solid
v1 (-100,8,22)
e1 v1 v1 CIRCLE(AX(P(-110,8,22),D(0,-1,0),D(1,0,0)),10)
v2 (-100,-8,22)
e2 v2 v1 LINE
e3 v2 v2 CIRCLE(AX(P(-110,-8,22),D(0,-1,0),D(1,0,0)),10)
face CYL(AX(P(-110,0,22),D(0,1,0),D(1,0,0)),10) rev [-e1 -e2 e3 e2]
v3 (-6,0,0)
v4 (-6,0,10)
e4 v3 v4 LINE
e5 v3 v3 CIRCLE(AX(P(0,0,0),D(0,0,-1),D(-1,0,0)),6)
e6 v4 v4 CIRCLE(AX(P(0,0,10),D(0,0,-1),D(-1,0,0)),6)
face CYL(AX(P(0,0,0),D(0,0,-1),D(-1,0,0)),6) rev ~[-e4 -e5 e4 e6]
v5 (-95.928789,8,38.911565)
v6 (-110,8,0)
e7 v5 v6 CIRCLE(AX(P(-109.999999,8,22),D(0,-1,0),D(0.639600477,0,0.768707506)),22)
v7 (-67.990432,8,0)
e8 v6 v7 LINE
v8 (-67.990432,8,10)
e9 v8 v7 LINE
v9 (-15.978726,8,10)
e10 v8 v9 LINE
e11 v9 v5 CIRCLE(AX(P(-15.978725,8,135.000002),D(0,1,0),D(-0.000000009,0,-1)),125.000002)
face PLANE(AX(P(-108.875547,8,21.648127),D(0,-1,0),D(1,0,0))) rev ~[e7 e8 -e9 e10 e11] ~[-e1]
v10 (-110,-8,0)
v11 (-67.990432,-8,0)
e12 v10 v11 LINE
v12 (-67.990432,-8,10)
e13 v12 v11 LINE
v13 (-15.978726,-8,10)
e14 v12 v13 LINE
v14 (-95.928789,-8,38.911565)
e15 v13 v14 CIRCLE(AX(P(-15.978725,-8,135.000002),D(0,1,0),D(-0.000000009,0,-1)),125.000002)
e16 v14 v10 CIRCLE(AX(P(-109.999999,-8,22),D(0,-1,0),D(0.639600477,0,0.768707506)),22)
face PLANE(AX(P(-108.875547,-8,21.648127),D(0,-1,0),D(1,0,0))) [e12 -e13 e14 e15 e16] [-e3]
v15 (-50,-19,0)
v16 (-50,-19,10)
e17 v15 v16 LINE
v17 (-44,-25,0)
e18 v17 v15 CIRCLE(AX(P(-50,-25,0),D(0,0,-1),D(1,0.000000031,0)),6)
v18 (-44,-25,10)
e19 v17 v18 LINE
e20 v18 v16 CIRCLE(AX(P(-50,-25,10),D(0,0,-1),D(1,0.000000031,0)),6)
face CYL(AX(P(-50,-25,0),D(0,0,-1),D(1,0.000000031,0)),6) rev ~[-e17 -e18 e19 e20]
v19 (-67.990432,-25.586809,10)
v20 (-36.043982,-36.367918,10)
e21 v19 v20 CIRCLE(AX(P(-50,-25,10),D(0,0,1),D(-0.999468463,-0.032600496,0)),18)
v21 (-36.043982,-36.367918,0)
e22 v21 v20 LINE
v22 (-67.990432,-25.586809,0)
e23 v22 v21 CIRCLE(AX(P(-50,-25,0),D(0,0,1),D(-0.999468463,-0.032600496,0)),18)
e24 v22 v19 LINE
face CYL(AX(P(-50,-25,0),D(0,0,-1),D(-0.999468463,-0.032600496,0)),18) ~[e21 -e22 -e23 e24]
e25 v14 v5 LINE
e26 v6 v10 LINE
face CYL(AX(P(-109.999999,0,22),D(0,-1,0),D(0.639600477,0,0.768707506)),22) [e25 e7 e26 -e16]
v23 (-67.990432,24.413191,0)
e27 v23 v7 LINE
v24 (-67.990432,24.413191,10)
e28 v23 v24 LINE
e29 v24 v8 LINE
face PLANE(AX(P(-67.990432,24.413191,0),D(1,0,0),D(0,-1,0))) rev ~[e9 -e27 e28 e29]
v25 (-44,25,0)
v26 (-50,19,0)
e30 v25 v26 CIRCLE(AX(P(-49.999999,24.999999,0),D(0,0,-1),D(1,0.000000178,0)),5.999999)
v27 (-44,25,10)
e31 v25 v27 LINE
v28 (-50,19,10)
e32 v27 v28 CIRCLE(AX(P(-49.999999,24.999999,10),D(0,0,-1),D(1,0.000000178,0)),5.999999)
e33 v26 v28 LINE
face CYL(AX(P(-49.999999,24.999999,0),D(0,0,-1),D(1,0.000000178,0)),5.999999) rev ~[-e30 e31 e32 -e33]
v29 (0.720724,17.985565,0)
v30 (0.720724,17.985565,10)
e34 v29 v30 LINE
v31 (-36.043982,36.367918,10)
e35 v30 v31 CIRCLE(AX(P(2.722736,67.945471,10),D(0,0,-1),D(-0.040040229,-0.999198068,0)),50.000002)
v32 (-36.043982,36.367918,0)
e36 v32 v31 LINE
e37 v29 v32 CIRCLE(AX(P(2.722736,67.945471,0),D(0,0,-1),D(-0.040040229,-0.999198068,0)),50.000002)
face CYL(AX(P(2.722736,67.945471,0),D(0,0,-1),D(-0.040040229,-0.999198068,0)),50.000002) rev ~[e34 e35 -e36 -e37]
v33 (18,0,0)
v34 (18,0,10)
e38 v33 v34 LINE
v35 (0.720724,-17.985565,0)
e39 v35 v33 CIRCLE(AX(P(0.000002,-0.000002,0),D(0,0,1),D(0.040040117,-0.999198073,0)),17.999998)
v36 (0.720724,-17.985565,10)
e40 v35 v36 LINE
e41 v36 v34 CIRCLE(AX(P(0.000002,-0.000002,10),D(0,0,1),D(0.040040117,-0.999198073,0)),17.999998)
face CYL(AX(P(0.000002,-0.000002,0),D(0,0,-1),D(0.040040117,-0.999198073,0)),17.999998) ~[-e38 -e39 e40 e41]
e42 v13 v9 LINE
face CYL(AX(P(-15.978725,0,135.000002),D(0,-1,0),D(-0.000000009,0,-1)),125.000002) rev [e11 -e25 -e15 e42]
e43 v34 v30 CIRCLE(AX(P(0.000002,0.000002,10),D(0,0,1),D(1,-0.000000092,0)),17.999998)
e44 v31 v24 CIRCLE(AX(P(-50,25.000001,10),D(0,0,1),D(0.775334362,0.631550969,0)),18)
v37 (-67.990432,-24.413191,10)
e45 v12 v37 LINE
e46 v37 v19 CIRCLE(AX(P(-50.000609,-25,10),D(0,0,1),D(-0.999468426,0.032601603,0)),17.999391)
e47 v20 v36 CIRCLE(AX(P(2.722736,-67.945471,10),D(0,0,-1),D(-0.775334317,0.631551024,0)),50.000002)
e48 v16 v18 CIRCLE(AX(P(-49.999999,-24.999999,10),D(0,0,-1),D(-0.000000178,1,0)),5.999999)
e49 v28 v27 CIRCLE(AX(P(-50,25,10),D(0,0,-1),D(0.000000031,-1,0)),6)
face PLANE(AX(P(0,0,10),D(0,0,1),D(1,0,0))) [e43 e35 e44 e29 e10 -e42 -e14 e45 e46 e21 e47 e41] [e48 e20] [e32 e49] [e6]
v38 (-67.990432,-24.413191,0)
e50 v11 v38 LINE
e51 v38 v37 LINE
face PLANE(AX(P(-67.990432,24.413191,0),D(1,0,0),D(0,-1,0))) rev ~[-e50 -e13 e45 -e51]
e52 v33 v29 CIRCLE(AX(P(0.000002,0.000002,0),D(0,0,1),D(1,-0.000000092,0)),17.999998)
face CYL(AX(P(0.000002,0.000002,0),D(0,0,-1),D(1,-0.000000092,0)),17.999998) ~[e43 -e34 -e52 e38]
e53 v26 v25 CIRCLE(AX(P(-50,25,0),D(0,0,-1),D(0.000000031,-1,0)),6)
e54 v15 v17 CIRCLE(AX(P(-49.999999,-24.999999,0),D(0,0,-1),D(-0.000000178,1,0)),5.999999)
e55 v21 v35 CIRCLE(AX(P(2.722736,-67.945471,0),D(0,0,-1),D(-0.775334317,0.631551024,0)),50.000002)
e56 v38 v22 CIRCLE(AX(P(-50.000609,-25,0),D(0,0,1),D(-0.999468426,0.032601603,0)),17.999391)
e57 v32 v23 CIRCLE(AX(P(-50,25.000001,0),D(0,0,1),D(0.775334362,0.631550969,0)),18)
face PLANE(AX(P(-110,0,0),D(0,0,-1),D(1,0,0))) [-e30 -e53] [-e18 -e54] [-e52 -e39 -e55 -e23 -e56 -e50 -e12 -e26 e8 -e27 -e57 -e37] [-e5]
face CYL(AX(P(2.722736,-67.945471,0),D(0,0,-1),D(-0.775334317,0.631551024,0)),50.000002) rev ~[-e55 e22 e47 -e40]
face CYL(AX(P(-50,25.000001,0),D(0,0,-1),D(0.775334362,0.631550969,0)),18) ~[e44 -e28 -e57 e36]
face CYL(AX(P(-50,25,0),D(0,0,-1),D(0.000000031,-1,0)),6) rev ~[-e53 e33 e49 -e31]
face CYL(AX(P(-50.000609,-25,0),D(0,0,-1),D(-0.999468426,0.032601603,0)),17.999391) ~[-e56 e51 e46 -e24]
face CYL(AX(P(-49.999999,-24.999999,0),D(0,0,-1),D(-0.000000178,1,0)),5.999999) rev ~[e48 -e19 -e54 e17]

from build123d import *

# Parameters (mm, degrees)
F1_DEPTH = 10
F2_R     = 10
F3_DEPTH = 8


with BuildPart() as f1:
    # F0 (on Top) → F1 (new body)
    with BuildSketch(Plane.XY):
        with BuildLine():
            ThreePointArc((6, 0), (0, 6), (-6, 0))
            ThreePointArc((-6, 0), (0, -6), (6, 0))
        make_face()
        with BuildLine():
            ThreePointArc((0.720724, -17.985565), (12.980236, -12.470505), (18, 0))
            ThreePointArc((18, 0), (12.980236, 12.470505), (0.720724, 17.985565))
            ThreePointArc((0.720724, 17.985565), (-12.470505, 12.980236), (-18, 0))
            ThreePointArc((-18, 0), (-12.470505, -12.980236), (0.720724, -17.985565))
        make_face()
        with BuildLine():
            ThreePointArc((6, 0), (0, -6), (-6, 0))
            ThreePointArc((-6, 0), (0, 6), (6, 0))
        make_face(mode=Mode.SUBTRACT)
        with BuildLine():
            ThreePointArc((-18, 0), (-12.470505, 12.980236), (0.720724, 17.985565))
            ThreePointArc((0.720724, 17.985565), (-19.637945, 23.224109), (-36.043982, 36.367918))
            ThreePointArc((-36.043982, 36.367918), (-33.041104, 31.032896), (-32, 25))
            ThreePointArc((-32, 25), (-37.272078, 12.272078), (-50, 7))
            Line((-50, 7), (-50, 0))
            Line((-50, 0), (-18, 0))
        make_face()
        with BuildLine():
            ThreePointArc((-36.043982, -36.367918), (-19.637945, -23.224109), (0.720724, -17.985565))
            ThreePointArc((0.720724, -17.985565), (-12.470505, -12.980236), (-18, 0))
            Line((-18, 0), (-50, 0))
            Line((-50, 0), (-50, -7))
            ThreePointArc((-50, -7), (-37.272078, -12.272078), (-32, -25))
            ThreePointArc((-32, -25), (-33.041104, -31.032896), (-36.043982, -36.367918))
        make_face()
        with BuildLine():
            ThreePointArc((-44, 25), (-54.242641, 29.242641), (-50, 19))
            ThreePointArc((-50, 19), (-45.757359, 20.757359), (-44, 25))
        make_face()
        with BuildLine():
            ThreePointArc((-32, 25), (-33.041104, 31.032896), (-36.043982, 36.367918))
            ThreePointArc((-36.043982, 36.367918), (-56.308566, 41.858292), (-67.990432, 24.413191))
            ThreePointArc((-67.990432, 24.413191), (-62.518735, 12.066273), (-50, 7))
            ThreePointArc((-50, 7), (-37.272078, 12.272078), (-32, 25))
        make_face()
        with BuildLine():
            ThreePointArc((-44, 25), (-45.757359, 20.757359), (-50, 19))
            ThreePointArc((-50, 19), (-54.242641, 29.242641), (-44, 25))
        make_face(mode=Mode.SUBTRACT)
        with BuildLine():
            ThreePointArc((-44, -25), (-45.757359, -20.757359), (-50, -19))
            ThreePointArc((-50, -19), (-54.242641, -29.242641), (-44, -25))
        make_face()
        with BuildLine():
            ThreePointArc((-67.990432, -25.586809), (-55.755624, -42.054993), (-36.043982, -36.367918))
            ThreePointArc((-36.043982, -36.367918), (-33.041104, -31.032896), (-32, -25))
            ThreePointArc((-32, -25), (-37.272078, -12.272078), (-50, -7))
            ThreePointArc((-50, -7), (-62.518735, -12.066273), (-67.990432, -24.413191))
            Line((-67.990432, -24.413191), (-67.990432, -25.586809))
        make_face()
        with BuildLine():
            ThreePointArc((-44, -25), (-54.242641, -29.242641), (-50, -19))
            ThreePointArc((-50, -19), (-45.757359, -20.757359), (-44, -25))
        make_face(mode=Mode.SUBTRACT)
        with BuildLine():
            Line((-50, -7), (-50, 0))
            Line((-50, 0), (-50, 7))
            ThreePointArc((-50, 7), (-62.518735, 12.066273), (-67.990432, 24.413191))
            Line((-67.990432, 24.413191), (-67.990432, -24.413191))
            ThreePointArc((-67.990432, -24.413191), (-62.518735, -12.066273), (-50, -7))
        make_face()
        with BuildLine():
            ThreePointArc((-67.990432, -24.413191), (-68, -25), (-67.990432, -25.586809))
            Line((-67.990432, -25.586809), (-67.990432, -24.413191))
        make_face()
    extrude(amount=F1_DEPTH)

    # F2 (on Front) → F3 (join, symmetric)
    with BuildSketch(Plane.XZ):
        with BuildLine():
            ThreePointArc((-110, 0), (-94.443651, 6.443651), (-88, 22))
            ThreePointArc((-88, 22), (-90.080579, 31.338987), (-95.928789, 38.911565))
            ThreePointArc((-95.928789, 38.911565), (-130.688818, 29.481496), (-110, 0))
        make_face()
        with Locations((-110, 22)):
            Circle(F2_R, mode=Mode.SUBTRACT)
        with BuildLine():
            ThreePointArc((-95.928789, 38.911565), (-90.080579, 31.338987), (-88, 22))
            ThreePointArc((-88, 22), (-94.443651, 6.443651), (-110, 0))
            Line((-110, 0), (-15.978726, 0))
            Line((-15.978726, 0), (-15.978726, 10))
            ThreePointArc((-15.978726, 10), (-58.487228, 17.449895), (-95.928789, 38.911565))
        make_face()
    extrude(amount=F3_DEPTH, both=True)


solid = f1.part
